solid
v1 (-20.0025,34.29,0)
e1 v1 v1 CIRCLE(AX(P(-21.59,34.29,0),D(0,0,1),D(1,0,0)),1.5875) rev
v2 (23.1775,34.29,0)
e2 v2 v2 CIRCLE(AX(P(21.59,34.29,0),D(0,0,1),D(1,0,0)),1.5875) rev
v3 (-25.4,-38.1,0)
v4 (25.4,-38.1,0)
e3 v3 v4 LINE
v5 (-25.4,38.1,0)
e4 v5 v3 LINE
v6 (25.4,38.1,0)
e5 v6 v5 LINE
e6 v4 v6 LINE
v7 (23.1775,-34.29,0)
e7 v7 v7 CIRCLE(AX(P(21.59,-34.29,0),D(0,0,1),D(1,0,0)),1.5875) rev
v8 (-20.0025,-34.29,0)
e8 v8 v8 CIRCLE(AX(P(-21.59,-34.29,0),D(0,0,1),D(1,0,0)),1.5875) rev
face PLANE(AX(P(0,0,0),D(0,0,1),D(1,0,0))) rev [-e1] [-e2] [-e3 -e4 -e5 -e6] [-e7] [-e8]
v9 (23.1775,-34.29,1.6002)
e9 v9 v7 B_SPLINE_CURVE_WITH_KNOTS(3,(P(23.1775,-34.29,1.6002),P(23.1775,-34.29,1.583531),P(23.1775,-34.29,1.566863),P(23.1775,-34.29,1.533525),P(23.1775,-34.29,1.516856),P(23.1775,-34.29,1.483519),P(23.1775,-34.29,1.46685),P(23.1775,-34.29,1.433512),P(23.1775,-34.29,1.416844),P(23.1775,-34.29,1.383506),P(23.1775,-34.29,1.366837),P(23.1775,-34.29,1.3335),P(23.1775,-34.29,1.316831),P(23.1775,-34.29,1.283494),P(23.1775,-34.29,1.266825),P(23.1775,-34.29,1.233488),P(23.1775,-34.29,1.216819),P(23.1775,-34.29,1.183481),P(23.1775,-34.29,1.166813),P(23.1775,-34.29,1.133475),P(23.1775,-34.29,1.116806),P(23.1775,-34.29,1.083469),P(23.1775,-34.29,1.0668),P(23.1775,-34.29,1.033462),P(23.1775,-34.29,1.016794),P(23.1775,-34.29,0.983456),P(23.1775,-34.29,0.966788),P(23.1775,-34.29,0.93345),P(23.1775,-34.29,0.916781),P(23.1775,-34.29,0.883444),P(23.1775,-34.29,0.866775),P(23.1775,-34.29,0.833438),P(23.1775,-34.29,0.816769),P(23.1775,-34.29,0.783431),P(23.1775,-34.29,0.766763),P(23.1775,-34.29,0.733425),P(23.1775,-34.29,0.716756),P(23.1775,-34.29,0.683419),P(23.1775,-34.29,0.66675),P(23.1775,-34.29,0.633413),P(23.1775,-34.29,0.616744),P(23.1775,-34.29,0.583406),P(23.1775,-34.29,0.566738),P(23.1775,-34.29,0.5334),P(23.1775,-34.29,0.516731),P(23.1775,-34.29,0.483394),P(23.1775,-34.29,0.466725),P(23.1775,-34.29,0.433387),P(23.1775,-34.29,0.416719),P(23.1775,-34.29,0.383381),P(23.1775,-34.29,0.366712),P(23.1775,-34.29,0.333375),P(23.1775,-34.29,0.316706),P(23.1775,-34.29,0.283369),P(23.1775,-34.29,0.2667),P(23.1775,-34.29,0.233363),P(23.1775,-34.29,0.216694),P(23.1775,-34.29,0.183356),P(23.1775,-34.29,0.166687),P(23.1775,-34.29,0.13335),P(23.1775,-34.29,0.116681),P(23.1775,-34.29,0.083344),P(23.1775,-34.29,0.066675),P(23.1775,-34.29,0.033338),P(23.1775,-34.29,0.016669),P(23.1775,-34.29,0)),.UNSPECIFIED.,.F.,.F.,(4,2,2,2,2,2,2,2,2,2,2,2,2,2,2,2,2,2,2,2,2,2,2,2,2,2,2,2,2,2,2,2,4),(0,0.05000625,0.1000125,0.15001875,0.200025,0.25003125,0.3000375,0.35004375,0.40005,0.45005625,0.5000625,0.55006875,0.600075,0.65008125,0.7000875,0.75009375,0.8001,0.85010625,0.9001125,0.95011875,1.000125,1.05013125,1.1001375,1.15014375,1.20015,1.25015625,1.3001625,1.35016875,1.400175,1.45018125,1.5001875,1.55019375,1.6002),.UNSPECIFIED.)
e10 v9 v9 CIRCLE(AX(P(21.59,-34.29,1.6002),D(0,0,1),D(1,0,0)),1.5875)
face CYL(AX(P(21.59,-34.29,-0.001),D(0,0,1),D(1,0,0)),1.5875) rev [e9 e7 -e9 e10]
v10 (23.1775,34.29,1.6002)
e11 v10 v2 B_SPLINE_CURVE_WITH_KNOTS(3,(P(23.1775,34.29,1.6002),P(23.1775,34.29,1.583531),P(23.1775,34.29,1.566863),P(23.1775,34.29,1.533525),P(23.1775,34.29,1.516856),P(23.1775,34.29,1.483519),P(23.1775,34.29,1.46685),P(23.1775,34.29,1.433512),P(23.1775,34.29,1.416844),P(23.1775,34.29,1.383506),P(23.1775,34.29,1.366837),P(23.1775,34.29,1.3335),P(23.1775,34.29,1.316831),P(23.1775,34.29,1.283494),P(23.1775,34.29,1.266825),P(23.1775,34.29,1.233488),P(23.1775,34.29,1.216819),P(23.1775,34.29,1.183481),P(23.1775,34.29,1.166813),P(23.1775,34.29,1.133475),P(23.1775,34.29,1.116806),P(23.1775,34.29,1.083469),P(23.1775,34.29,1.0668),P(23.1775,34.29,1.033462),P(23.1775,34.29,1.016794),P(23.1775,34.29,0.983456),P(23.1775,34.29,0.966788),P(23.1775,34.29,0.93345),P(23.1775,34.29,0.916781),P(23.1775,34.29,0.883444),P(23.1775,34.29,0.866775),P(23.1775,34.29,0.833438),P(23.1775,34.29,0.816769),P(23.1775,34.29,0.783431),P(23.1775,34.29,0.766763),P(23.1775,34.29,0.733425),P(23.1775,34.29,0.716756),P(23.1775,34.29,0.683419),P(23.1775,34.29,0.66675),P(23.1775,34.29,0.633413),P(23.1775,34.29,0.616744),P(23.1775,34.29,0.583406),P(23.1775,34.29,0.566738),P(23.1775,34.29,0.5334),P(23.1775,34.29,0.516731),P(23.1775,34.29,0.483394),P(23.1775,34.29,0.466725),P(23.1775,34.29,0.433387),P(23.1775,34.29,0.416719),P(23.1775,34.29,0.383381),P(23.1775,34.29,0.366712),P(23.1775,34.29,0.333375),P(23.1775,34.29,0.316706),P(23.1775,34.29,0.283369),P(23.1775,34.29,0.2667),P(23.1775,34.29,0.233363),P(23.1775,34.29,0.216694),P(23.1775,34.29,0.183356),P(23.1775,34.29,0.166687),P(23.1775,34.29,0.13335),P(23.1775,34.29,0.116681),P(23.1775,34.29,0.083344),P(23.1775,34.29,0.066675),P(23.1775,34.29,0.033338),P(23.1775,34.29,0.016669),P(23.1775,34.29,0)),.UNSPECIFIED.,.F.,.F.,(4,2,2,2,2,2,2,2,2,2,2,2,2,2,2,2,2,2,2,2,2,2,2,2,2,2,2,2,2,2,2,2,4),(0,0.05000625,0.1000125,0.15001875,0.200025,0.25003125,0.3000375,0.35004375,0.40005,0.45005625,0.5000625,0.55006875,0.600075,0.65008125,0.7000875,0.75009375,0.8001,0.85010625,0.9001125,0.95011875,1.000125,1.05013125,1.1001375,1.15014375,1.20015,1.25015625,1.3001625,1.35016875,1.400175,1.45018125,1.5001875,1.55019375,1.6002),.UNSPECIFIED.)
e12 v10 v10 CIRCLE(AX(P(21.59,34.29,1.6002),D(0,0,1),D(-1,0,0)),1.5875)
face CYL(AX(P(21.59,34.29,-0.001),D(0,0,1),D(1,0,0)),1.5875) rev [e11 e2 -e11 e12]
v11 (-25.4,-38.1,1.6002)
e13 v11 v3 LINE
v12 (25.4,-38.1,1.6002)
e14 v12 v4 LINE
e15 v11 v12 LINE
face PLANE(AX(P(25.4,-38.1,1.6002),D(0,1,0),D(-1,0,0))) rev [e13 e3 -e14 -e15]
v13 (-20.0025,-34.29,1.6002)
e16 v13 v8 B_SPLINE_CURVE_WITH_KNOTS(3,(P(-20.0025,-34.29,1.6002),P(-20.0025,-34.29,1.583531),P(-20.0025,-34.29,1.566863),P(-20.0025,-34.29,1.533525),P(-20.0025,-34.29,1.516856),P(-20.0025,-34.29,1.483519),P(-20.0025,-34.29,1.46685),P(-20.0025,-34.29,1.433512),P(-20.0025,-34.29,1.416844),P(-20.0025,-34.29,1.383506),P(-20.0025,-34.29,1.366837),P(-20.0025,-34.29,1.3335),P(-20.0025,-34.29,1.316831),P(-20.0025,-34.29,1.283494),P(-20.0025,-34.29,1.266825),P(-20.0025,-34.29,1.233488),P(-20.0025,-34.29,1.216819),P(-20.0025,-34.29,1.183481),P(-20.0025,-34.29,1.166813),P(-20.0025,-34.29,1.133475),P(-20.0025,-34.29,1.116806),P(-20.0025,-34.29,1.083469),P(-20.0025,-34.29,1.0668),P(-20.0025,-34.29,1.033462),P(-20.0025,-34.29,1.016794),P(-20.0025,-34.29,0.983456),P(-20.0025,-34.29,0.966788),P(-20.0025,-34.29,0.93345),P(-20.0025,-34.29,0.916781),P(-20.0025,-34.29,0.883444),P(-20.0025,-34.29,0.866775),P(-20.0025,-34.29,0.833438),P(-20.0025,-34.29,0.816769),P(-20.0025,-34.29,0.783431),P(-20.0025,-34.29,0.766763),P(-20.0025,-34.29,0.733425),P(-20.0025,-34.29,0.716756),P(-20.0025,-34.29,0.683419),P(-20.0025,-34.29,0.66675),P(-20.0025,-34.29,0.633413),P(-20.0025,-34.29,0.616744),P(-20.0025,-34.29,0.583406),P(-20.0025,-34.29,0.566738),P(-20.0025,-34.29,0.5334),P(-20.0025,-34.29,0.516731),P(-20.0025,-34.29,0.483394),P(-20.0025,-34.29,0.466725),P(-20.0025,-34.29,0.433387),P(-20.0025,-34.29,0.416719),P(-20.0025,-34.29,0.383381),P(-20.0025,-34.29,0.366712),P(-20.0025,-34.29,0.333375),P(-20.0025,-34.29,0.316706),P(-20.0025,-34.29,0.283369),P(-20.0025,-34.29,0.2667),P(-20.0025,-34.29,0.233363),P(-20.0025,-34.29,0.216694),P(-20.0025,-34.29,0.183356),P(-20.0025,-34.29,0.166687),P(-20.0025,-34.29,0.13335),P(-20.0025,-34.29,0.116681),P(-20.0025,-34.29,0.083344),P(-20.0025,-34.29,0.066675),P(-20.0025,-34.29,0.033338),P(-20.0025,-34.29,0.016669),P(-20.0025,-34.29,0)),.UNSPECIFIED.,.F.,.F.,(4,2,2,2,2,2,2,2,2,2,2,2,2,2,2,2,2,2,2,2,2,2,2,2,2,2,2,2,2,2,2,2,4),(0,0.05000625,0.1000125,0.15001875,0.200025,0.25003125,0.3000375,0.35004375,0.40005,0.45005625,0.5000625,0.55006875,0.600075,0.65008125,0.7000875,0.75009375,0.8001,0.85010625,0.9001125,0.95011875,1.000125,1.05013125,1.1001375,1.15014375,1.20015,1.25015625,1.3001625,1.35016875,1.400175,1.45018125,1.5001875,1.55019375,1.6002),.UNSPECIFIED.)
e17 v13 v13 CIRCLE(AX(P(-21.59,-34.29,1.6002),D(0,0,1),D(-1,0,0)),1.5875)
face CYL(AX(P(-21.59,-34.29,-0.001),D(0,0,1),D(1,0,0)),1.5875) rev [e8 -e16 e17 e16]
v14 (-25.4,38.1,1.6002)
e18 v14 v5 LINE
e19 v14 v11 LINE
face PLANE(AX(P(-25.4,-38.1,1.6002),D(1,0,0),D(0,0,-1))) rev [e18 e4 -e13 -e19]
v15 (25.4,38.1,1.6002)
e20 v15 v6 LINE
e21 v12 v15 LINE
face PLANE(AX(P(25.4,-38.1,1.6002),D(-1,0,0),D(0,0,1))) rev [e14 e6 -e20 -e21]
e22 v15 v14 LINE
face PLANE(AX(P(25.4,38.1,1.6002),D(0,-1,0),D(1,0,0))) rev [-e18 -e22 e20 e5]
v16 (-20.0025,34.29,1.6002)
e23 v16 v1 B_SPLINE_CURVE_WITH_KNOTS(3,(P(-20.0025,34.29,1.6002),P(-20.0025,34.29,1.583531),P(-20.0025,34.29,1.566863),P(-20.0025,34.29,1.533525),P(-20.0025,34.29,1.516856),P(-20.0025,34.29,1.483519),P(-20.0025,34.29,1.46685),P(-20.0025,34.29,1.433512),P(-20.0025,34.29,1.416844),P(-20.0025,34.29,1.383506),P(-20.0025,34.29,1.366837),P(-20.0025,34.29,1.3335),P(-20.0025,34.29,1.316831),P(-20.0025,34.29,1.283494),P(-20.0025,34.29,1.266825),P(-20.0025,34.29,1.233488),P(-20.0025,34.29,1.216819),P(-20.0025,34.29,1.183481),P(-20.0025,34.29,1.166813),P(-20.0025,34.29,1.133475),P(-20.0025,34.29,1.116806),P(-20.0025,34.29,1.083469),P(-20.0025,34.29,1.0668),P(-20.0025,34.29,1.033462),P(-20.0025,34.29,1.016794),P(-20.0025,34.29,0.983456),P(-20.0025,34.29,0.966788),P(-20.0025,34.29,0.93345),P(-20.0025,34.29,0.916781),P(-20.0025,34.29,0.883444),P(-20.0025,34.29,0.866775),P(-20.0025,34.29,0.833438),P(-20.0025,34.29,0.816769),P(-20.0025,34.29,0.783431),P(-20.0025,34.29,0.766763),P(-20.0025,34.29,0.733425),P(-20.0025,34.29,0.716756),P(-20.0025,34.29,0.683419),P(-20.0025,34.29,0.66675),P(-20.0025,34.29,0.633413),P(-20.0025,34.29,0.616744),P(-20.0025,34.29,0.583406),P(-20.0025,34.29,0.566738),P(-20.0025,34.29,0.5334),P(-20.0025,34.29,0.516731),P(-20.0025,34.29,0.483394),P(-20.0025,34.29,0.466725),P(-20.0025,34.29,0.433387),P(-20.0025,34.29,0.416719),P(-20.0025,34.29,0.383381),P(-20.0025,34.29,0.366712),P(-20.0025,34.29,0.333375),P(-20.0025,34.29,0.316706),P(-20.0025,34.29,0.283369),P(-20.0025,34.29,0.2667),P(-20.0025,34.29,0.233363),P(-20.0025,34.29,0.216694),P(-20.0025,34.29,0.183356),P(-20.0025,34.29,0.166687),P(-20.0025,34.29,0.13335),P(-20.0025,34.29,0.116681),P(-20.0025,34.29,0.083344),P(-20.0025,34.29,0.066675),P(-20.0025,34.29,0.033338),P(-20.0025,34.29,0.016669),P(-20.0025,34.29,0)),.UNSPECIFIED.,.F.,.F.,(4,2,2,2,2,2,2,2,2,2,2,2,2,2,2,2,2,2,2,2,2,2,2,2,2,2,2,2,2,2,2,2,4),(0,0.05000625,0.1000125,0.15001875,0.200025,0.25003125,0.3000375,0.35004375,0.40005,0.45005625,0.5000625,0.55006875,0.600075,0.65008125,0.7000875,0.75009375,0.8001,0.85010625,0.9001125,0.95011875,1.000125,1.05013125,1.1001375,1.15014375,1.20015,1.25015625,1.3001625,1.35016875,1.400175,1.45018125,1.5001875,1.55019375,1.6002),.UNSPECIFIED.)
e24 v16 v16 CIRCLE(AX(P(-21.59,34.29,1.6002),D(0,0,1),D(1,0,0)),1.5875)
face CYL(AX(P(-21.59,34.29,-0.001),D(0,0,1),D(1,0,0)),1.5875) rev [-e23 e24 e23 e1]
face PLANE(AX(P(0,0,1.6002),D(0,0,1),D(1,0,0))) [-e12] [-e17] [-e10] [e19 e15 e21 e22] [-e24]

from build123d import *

# Parameters (mm, degrees)
SKETCH1_W           = 50.8
SKETCH1_H           = 76.2
BOSS_EXTRUDE1_DEPTH = 1.6002
CUT_EXTRUDE1_REACH  = 47.818
SKETCH2_R           = 1.5875


with BuildPart() as part:
    # Sketch1 → Boss-Extrude1 (new body)
    with BuildSketch(Plane.XY):
        Rectangle(SKETCH1_W, SKETCH1_H)
    extrude(amount=BOSS_EXTRUDE1_DEPTH)

    # Sketch2 → Cut-Extrude1 (cut, up to next)
    with BuildSketch(Plane.XY.offset(1.6002), mode=Mode.PRIVATE) as cut_extrude1_sk1:
        with Locations((-21.59, 34.29)):
            Circle(SKETCH2_R)
    cut_extrude1_tool1 = extrude(cut_extrude1_sk1.sketch, amount=-CUT_EXTRUDE1_REACH, mode=Mode.PRIVATE) & part.part
    # Sketch2 → Cut-Extrude1 (cut, up to next)
    with BuildSketch(Plane.XY.offset(1.6002), mode=Mode.PRIVATE) as cut_extrude1_sk2:
        with Locations((21.59, 34.29)):
            Circle(SKETCH2_R)
    cut_extrude1_tool2 = extrude(cut_extrude1_sk2.sketch, amount=-CUT_EXTRUDE1_REACH, mode=Mode.PRIVATE) & part.part
    # Sketch2 → Cut-Extrude1 (cut, up to next)
    with BuildSketch(Plane.XY.offset(1.6002), mode=Mode.PRIVATE) as cut_extrude1_sk3:
        with Locations((21.59, -34.29)):
            Circle(SKETCH2_R)
    cut_extrude1_tool3 = extrude(cut_extrude1_sk3.sketch, amount=-CUT_EXTRUDE1_REACH, mode=Mode.PRIVATE) & part.part
    # Sketch2 → Cut-Extrude1 (cut, up to next)
    with BuildSketch(Plane.XY.offset(1.6002), mode=Mode.PRIVATE) as cut_extrude1_sk4:
        with Locations((-21.59, -34.29)):
            Circle(SKETCH2_R)
    cut_extrude1_tool4 = extrude(cut_extrude1_sk4.sketch, amount=-CUT_EXTRUDE1_REACH, mode=Mode.PRIVATE) & part.part
    add(cut_extrude1_tool1.solids().sort_by_distance((-21.59, 34.29, 1.6002))[0], mode=Mode.SUBTRACT)
    add(cut_extrude1_tool2.solids().sort_by_distance((21.59, 34.29, 1.6002))[0], mode=Mode.SUBTRACT)
    add(cut_extrude1_tool3.solids().sort_by_distance((21.59, -34.29, 1.6002))[0], mode=Mode.SUBTRACT)
    add(cut_extrude1_tool4.solids().sort_by_distance((-21.59, -34.29, 1.6002))[0], mode=Mode.SUBTRACT)


solid = part.part
